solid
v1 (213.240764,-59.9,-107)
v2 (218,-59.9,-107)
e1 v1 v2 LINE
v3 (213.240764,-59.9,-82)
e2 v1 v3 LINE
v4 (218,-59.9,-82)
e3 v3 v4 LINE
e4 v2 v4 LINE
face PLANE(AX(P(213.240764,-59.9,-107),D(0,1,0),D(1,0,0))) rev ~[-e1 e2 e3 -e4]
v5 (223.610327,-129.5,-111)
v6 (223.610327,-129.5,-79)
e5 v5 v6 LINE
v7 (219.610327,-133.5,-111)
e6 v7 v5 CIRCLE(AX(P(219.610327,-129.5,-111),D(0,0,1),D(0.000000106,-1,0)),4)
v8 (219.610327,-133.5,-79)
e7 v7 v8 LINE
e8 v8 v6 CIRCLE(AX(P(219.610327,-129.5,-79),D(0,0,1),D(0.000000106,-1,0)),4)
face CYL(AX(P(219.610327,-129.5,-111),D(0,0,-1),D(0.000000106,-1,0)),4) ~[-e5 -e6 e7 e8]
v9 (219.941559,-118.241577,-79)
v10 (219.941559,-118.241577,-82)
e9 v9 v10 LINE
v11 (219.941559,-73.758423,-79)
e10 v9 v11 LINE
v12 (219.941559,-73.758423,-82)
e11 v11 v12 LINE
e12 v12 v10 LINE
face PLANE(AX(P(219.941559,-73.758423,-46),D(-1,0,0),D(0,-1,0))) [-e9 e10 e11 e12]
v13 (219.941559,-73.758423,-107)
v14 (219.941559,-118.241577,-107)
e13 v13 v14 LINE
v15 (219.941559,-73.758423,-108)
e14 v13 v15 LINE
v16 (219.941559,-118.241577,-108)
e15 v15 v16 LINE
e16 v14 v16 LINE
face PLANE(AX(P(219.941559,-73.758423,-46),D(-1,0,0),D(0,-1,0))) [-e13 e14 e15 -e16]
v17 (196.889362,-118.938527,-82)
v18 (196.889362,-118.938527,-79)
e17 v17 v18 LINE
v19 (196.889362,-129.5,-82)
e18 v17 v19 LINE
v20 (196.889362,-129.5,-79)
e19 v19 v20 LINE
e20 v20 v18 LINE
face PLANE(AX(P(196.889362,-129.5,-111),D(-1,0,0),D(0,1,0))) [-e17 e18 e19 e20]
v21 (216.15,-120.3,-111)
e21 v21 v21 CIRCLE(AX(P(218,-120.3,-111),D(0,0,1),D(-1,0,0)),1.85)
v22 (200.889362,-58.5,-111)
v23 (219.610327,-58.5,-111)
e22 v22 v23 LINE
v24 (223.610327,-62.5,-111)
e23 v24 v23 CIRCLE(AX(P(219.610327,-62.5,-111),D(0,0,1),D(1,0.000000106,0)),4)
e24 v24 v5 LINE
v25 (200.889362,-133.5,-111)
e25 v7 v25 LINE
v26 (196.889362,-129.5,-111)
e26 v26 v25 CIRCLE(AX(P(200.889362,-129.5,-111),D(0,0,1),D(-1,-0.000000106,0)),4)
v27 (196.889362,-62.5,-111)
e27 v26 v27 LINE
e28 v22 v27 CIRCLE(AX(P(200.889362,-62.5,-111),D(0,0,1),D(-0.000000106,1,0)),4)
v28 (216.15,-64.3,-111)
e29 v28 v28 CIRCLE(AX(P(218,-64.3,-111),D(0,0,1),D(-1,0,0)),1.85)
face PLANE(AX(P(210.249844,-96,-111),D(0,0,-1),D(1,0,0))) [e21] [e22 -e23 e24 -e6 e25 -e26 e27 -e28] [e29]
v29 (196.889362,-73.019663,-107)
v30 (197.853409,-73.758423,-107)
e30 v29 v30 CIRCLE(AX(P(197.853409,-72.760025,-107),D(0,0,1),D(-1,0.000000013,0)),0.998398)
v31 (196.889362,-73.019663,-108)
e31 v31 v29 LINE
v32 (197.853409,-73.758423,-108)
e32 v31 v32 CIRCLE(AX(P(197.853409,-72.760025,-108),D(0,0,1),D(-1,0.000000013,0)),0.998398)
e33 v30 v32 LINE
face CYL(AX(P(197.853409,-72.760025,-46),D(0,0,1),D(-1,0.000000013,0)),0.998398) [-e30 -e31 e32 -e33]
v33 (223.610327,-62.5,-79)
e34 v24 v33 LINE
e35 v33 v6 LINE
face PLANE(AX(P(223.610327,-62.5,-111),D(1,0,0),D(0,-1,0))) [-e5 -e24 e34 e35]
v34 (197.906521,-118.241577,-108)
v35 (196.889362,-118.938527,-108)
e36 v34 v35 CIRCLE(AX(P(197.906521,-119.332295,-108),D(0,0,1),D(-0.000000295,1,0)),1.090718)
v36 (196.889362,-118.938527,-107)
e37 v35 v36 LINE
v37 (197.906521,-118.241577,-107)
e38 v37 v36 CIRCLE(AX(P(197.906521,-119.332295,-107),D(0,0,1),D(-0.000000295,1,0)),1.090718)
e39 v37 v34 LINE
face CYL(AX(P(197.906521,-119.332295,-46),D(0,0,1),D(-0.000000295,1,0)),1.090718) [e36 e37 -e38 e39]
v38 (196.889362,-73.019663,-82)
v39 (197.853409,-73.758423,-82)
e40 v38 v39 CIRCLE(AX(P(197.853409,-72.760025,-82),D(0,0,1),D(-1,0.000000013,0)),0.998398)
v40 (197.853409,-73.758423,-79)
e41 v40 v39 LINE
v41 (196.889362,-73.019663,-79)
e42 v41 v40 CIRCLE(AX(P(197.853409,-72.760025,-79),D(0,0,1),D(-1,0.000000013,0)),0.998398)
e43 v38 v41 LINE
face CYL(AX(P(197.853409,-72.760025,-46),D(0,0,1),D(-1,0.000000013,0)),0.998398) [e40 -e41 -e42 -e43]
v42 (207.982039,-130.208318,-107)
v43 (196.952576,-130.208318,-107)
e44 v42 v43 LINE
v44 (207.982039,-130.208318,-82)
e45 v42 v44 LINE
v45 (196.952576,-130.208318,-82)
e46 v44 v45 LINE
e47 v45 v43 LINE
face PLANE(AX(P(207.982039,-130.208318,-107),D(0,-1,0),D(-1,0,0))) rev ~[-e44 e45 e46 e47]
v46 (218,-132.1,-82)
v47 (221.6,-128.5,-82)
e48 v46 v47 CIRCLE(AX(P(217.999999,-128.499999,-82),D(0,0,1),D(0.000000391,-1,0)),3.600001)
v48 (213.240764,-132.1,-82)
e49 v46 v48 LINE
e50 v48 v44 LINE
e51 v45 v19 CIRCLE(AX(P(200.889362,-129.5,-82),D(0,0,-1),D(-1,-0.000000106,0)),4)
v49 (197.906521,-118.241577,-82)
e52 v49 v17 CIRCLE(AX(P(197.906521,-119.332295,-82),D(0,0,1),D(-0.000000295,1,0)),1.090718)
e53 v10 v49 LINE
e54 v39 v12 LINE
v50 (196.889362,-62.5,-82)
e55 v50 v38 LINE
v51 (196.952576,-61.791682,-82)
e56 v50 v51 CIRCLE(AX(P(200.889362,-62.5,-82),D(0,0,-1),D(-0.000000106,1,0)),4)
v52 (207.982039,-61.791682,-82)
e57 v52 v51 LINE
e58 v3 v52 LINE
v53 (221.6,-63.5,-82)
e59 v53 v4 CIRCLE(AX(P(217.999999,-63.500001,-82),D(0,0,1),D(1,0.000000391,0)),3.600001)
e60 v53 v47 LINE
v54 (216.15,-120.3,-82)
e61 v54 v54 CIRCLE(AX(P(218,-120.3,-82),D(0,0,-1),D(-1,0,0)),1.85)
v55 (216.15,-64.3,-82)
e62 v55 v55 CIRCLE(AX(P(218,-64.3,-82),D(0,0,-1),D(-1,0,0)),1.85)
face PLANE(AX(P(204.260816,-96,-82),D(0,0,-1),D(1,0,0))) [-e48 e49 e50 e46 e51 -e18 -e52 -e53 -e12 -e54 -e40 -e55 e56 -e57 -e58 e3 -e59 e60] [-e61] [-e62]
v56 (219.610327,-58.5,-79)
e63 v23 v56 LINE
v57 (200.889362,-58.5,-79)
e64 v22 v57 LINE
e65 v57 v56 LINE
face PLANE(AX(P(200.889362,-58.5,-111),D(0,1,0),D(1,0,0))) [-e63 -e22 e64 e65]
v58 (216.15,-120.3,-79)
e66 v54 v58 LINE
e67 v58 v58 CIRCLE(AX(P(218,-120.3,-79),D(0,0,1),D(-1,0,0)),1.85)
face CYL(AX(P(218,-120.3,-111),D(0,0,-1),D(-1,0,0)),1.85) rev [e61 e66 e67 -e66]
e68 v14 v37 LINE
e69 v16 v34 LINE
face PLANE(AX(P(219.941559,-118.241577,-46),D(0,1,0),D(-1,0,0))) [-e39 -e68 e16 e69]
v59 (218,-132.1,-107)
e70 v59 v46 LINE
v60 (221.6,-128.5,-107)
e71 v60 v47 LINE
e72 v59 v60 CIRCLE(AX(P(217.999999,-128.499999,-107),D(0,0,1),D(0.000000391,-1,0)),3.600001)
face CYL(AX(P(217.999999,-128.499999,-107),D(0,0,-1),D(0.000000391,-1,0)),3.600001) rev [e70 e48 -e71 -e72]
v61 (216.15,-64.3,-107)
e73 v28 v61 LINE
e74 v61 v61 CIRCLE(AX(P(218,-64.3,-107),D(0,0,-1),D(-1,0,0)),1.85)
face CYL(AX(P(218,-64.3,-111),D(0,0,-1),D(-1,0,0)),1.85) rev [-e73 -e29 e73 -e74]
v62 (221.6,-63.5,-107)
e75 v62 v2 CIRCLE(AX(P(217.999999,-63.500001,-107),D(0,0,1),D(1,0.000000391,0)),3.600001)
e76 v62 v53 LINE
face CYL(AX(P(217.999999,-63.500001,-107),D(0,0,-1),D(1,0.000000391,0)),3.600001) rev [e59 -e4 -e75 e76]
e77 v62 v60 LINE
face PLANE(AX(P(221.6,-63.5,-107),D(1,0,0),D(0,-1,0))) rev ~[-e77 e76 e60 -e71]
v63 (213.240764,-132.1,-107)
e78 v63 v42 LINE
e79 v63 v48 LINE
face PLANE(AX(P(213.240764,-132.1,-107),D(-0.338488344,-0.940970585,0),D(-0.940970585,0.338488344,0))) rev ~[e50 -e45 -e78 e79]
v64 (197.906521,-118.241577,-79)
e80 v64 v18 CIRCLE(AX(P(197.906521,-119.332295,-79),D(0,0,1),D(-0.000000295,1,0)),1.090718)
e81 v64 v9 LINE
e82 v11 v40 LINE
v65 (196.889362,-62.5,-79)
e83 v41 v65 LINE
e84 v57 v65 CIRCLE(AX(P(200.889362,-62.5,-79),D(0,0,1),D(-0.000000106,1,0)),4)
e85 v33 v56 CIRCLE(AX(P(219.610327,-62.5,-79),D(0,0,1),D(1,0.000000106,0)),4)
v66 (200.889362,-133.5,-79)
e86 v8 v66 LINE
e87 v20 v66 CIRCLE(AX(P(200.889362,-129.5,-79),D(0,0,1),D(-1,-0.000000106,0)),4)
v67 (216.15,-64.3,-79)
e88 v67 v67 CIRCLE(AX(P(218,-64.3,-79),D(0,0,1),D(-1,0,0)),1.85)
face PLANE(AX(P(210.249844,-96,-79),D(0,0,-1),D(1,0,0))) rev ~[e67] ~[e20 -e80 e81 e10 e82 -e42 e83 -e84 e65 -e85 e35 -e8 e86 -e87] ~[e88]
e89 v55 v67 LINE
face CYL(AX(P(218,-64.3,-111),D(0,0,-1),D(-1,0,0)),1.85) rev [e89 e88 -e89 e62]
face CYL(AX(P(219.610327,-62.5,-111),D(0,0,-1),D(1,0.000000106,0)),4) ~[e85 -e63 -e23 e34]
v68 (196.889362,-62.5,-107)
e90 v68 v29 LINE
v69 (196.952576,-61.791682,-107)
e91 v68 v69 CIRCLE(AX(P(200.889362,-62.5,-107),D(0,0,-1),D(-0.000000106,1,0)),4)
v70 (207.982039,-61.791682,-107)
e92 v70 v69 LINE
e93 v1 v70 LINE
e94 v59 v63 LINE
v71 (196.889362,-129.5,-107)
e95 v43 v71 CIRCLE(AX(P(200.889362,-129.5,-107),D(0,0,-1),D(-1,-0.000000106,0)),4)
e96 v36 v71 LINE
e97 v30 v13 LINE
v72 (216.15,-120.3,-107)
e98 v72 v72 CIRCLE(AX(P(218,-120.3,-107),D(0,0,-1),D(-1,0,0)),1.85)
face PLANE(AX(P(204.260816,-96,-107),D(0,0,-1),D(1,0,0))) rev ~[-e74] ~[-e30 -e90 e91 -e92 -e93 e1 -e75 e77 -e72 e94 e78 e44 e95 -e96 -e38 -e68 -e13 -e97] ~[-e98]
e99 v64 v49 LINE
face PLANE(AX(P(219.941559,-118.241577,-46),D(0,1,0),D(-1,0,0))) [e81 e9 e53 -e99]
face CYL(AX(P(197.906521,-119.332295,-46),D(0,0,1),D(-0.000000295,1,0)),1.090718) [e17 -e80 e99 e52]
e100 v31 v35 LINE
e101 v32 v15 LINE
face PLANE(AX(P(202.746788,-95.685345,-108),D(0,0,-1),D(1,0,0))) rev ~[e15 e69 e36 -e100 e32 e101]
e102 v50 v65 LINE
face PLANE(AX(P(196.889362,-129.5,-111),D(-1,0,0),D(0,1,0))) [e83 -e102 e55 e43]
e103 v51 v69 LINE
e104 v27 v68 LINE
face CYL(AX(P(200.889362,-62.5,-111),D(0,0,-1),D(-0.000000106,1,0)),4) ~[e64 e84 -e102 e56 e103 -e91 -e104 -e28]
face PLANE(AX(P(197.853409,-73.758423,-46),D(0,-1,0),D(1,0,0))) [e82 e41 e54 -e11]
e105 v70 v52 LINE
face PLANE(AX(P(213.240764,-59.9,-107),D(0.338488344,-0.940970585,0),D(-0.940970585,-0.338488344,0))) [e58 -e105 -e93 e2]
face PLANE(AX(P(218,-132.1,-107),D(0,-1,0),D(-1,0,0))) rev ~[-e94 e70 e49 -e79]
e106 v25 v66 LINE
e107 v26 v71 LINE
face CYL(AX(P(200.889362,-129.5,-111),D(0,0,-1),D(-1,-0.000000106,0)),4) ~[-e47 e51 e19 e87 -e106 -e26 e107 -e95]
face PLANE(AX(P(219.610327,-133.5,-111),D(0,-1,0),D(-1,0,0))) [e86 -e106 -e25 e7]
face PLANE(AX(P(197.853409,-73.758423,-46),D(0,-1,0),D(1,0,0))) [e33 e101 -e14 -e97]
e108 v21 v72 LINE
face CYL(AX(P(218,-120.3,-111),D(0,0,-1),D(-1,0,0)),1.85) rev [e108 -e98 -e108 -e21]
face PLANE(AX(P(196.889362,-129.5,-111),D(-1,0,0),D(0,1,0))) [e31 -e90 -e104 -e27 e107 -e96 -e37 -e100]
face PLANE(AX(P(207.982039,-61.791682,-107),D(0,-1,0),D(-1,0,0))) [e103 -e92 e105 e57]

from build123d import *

# Parameters (mm, degrees)
SKETCH815_R             = 1.85
PAD351_DEPTH            = 32
POCKET_DEPTH            = 62
POCKET223_DEPTH         = 25
BODY022_PLACEMENT_ANGLE = 180


with BuildPart() as part:
    # Sketch815 → Pad351 (new body)
    with BuildSketch(Plane.XY):
        with BuildLine():
            Line((-1.610327, 37.5), (17.110638, 37.5))
            ThreePointArc((21.110638, 33.5), (19.939065, 36.328427), (17.110638, 37.5))
            Line((21.110638, 33.5), (21.110638, -33.5))
            ThreePointArc((17.110638, -37.5), (19.939065, -36.328427), (21.110638, -33.5))
            Line((17.110638, -37.5), (-1.610327, -37.5))
            ThreePointArc((-5.610327, -33.5), (-4.438754, -36.328427), (-1.610327, -37.5))
            Line((-5.610327, -33.5), (-5.610327, 33.5))
            ThreePointArc((-1.610327, 37.5), (-4.438754, 36.328427), (-5.610327, 33.5))
        make_face()
        with Locations((0, 24.3)):
            Circle(SKETCH815_R, mode=Mode.SUBTRACT)
        with Locations((0, -31.7)):
            Circle(SKETCH815_R, mode=Mode.SUBTRACT)
    extrude(amount=PAD351_DEPTH)

    # Sketch816 → Pocket (cut)
    with BuildSketch(Plane.XY.offset(65)):
        with BuildLine():
            Line((-1.941559, 22.241577), (20.093479, 22.241577))
            ThreePointArc((20.093479, 22.241577), (20.864733, 22.561041), (21.184197, 23.332295))
            Line((21.184197, 23.332295), (21.184197, 25.813278))
            Line((21.184197, 25.813278), (30.338089, 25.813278))
            Line((30.338089, 25.813278), (30.338089, 22.183402))
            Line((30.338089, 22.183402), (30.338089, -22.183402))
            Line((30.338089, -26.656548), (30.338089, -22.183402))
            Line((21.144989, -26.656548), (30.338089, -26.656548))
            Line((21.144989, -23.239975), (21.144989, -26.656548))
            ThreePointArc((21.144989, -23.239975), (20.852565, -22.534001), (20.146591, -22.241577))
            Line((20.146591, -22.241577), (-1.941559, -22.241577))
            Line((-1.941559, -22.241577), (-1.941559, 22.241577))
        make_face()
    extrude(amount=-POCKET_DEPTH, mode=Mode.SUBTRACT)

    # Sketch817 → Pocket223 (cut)
    with BuildSketch(Plane.XY.offset(4)):
        with BuildLine():
            Line((0, 36.1), (4.759236, 36.1))
            Line((4.759236, 36.1), (10.017961, 34.208318))
            Line((10.017961, 34.208318), (31.19193, 34.208318))
            Line((31.19193, 34.208318), (31.19193, -34.208318))
            Line((10.017961, -34.208318), (31.19193, -34.208318))
            Line((4.759236, -36.1), (10.017961, -34.208318))
            Line((4.759236, -36.1), (0, -36.1))
            ThreePointArc((-3.6, -32.5), (-2.545584, -35.045584), (0, -36.1))
            Line((-3.6, -32.5), (-3.6, 32.5))
            ThreePointArc((0, 36.1), (-2.545584, 35.045584), (-3.6, 32.5))
        make_face()
    extrude(amount=POCKET223_DEPTH, mode=Mode.SUBTRACT)


with BuildPart() as part_1:
    # Body022 placement: moved
    add(part.part.moved(Location((218, -96, -111))).rotate(Axis((218, -96, -111), (0, 0, 1)), BODY022_PLACEMENT_ANGLE))


solid = part_1.part
